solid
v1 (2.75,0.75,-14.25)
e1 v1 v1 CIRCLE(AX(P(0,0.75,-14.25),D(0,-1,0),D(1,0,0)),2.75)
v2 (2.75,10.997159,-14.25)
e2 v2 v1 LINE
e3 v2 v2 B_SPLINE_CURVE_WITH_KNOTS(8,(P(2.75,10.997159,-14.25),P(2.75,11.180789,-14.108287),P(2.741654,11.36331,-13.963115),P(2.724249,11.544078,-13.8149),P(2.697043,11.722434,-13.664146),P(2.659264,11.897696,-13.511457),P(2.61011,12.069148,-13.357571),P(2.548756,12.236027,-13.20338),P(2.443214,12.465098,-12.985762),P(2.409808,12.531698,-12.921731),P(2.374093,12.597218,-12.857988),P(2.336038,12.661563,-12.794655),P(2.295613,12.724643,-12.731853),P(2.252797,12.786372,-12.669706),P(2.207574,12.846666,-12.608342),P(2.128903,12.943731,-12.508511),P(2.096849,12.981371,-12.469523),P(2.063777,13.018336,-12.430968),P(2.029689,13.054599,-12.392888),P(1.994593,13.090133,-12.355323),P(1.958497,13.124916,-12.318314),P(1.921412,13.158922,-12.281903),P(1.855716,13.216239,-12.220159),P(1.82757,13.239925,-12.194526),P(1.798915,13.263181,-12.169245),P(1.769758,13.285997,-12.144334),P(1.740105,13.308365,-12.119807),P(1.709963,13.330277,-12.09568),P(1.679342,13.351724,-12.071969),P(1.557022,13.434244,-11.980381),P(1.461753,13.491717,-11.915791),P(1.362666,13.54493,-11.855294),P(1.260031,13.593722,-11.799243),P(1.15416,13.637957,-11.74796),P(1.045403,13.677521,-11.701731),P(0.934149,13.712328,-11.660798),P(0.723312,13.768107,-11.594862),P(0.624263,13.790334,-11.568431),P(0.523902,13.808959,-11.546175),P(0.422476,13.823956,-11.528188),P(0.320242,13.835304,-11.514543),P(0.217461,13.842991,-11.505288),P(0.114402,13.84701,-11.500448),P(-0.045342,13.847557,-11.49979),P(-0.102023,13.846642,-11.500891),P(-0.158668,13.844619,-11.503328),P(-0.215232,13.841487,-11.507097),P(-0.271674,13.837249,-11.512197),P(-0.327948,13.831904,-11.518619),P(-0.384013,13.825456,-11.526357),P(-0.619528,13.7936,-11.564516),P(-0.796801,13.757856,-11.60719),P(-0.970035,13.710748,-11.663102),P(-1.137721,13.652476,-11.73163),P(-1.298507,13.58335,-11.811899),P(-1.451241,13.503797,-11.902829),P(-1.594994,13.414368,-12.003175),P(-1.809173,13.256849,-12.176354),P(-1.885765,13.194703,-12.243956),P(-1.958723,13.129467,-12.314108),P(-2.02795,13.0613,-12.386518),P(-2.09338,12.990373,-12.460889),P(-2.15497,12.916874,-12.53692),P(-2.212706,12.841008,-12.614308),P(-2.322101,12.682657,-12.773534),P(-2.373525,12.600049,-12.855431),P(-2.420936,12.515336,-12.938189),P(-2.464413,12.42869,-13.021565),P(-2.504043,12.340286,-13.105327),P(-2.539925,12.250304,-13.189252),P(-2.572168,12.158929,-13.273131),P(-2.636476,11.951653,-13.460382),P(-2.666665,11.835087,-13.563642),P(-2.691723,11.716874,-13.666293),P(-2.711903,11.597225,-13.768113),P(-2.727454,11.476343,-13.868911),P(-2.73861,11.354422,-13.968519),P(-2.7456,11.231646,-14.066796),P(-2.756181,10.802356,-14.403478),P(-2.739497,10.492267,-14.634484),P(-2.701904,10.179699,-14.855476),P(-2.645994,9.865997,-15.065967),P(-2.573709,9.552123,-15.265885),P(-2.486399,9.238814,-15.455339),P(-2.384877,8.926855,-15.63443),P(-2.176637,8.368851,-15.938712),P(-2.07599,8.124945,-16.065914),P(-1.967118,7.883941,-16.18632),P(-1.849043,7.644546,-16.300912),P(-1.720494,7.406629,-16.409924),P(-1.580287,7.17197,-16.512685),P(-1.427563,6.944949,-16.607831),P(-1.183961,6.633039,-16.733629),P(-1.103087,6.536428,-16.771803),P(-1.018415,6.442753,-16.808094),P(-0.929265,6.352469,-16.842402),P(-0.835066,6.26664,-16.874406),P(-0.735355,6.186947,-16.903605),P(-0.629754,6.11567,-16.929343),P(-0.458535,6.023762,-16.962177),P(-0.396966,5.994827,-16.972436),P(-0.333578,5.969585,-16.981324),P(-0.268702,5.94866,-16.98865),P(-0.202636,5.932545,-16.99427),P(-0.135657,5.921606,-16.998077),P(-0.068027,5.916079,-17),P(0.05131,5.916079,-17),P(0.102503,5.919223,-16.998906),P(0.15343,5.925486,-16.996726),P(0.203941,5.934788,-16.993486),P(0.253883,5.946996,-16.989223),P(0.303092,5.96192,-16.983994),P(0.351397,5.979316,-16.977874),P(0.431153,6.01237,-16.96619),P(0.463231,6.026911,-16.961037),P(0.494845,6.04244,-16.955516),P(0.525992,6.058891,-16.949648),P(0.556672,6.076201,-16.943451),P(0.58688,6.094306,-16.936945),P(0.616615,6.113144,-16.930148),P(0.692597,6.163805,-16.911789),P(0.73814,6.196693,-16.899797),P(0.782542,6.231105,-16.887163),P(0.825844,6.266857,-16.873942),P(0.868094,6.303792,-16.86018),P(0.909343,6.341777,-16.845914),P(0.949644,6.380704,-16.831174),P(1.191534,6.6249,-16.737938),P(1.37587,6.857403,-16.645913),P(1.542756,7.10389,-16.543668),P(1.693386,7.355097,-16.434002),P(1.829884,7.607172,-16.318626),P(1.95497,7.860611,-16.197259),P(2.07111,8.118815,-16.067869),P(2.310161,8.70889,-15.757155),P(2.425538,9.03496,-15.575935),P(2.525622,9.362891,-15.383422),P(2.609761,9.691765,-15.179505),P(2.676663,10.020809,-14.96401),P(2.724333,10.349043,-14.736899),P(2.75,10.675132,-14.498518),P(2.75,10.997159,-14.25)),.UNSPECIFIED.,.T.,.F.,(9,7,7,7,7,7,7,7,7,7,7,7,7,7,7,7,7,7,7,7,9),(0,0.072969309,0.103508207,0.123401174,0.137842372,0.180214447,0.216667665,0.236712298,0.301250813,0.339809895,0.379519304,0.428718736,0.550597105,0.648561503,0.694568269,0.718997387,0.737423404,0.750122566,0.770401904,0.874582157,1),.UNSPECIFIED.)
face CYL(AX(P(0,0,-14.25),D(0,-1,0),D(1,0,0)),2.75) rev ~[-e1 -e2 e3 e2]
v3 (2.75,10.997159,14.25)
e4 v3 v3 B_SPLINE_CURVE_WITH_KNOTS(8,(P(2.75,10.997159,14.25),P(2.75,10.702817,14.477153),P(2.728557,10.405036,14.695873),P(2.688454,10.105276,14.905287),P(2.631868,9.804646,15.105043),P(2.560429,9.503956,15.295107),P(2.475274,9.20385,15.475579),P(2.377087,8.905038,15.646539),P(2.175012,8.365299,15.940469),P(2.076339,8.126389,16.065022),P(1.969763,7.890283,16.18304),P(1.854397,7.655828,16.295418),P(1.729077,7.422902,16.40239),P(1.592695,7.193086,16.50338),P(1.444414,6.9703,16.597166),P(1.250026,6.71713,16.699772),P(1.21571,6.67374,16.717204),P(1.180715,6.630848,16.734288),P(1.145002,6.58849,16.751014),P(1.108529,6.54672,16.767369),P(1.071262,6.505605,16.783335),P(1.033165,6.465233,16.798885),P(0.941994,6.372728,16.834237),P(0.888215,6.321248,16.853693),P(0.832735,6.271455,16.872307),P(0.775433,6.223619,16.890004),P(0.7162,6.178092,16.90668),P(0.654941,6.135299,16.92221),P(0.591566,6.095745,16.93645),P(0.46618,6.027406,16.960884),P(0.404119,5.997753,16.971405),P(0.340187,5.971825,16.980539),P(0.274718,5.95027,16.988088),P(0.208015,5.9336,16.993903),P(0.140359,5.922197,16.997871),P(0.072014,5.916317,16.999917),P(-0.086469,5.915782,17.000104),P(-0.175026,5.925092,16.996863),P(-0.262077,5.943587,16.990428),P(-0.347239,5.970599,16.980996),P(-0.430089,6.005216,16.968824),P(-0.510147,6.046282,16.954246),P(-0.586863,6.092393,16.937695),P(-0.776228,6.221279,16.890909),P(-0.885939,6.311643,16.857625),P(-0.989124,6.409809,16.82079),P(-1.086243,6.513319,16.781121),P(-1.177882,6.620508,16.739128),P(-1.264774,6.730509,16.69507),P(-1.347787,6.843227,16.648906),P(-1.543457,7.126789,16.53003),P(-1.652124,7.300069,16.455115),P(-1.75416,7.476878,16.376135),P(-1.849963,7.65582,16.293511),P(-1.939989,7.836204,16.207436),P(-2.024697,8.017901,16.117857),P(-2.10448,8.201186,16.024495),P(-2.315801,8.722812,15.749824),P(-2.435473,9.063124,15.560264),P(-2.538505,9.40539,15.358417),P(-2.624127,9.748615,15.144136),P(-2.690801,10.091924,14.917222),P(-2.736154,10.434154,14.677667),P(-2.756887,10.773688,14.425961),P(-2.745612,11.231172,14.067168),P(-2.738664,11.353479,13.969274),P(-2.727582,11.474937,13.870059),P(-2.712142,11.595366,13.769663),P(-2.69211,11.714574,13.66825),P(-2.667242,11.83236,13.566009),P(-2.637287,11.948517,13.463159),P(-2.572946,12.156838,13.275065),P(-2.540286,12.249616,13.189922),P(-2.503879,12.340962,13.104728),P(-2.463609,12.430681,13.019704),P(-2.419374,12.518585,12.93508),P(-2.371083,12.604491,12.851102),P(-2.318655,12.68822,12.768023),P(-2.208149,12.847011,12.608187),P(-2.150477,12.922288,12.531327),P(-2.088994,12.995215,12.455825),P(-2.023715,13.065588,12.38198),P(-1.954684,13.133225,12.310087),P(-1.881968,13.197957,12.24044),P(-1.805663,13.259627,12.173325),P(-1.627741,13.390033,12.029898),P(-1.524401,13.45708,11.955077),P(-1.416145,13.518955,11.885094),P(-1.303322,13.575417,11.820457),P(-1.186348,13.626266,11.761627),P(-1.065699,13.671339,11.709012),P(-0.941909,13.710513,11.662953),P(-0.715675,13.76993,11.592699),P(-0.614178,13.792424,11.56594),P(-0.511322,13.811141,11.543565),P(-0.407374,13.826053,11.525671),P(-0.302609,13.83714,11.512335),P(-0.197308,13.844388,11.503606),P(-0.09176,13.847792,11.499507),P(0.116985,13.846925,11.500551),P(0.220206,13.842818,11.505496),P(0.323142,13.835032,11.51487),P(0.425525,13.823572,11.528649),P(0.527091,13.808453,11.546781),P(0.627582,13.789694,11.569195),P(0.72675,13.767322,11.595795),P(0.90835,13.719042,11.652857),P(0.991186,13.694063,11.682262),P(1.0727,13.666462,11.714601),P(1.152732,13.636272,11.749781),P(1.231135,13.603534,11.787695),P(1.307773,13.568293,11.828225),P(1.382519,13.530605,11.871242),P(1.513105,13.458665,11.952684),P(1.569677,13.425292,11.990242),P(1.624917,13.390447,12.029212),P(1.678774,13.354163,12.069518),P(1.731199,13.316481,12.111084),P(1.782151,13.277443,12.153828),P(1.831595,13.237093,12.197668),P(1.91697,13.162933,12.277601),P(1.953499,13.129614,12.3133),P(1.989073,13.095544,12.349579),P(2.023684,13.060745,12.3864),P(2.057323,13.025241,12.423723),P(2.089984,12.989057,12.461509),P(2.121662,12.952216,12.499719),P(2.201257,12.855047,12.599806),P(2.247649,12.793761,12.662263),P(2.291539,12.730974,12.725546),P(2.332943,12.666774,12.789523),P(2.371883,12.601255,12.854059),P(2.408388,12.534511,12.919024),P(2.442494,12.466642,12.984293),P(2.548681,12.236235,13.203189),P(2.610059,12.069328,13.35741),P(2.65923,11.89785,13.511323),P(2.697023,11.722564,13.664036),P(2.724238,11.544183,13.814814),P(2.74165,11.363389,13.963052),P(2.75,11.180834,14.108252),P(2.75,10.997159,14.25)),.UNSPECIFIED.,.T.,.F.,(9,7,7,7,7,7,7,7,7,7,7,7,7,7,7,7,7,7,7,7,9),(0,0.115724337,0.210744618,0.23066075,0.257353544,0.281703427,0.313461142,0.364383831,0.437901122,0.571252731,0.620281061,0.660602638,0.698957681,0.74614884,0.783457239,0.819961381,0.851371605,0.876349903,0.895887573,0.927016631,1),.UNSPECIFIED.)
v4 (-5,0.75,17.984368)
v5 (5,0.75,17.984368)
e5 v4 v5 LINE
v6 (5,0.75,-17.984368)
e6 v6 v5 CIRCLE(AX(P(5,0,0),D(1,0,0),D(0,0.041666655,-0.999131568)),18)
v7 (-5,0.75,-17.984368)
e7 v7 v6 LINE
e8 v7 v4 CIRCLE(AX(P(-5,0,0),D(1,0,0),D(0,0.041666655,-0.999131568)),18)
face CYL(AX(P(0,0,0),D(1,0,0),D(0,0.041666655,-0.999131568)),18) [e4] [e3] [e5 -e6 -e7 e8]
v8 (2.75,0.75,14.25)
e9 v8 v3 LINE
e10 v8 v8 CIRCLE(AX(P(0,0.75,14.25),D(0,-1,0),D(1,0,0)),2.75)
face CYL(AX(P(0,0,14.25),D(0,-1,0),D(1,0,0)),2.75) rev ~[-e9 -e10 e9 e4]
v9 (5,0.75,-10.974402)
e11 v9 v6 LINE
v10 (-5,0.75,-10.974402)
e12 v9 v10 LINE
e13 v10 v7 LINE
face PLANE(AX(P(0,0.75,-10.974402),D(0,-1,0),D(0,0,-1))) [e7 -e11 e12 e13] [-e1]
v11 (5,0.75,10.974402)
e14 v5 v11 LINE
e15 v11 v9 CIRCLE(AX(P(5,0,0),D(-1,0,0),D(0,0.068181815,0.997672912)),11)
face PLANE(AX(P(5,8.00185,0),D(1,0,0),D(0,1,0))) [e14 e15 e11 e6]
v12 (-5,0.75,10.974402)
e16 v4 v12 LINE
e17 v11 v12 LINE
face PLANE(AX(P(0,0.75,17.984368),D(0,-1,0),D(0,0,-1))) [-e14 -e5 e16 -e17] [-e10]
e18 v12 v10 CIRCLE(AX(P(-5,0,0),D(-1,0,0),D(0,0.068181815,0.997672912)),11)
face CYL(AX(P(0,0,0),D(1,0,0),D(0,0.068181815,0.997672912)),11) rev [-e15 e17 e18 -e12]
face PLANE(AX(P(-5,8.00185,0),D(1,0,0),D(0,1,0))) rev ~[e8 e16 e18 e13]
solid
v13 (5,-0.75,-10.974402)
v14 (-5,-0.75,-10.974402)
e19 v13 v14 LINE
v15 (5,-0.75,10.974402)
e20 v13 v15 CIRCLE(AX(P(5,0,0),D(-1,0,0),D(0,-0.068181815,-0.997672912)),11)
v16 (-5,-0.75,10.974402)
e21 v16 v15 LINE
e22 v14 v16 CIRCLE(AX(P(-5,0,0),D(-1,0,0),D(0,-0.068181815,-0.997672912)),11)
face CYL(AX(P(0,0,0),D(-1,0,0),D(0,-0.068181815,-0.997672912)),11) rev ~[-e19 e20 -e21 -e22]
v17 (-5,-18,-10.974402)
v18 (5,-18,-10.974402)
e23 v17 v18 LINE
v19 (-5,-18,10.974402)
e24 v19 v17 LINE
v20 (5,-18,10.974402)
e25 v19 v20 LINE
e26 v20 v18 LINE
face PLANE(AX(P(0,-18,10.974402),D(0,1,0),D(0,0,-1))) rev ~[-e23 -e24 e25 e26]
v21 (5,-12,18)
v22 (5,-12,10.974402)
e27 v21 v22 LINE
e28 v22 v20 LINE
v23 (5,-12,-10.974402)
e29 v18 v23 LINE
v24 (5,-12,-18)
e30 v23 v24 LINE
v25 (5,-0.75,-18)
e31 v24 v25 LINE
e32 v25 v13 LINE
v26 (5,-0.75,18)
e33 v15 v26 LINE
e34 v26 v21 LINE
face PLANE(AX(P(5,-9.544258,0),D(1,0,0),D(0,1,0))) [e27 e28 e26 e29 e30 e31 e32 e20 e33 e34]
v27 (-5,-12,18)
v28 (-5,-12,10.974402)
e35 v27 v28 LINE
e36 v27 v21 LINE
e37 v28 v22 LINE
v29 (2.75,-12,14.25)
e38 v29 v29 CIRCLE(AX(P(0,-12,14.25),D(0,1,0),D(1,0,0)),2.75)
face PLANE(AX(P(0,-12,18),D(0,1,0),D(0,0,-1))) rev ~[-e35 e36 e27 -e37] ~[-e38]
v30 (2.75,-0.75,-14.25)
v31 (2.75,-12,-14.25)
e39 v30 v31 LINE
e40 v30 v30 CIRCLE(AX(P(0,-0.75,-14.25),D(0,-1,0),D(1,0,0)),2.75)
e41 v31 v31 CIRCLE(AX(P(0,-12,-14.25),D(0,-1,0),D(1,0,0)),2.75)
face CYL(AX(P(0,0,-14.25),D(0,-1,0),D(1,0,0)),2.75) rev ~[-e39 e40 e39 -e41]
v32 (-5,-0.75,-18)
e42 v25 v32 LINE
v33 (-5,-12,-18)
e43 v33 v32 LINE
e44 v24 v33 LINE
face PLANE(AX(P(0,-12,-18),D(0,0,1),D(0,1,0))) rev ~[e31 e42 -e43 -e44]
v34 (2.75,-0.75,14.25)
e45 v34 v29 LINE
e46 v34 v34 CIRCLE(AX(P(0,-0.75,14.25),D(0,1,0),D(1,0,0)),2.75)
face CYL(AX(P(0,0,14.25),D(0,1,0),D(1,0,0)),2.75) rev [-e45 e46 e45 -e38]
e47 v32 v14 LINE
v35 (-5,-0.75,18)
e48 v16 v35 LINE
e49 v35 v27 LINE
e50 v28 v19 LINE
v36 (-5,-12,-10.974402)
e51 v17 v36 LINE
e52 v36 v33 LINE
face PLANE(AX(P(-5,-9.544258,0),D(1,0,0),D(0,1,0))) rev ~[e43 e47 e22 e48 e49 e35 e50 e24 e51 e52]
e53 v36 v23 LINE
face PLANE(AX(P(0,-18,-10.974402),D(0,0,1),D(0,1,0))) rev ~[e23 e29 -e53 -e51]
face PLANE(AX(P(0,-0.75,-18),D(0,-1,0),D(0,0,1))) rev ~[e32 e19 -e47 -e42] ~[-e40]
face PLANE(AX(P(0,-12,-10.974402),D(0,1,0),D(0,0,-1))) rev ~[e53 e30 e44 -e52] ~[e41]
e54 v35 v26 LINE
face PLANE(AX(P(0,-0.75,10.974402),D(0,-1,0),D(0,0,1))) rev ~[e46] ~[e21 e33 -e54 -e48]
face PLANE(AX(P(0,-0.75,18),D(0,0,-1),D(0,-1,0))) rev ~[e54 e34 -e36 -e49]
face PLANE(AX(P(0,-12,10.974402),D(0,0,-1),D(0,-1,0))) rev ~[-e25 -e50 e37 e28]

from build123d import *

# Parameters (mm, degrees)
F1_DEPTH = 5
F2_R     = 2.75
F3_DEPTH = 25


with BuildPart() as f1:
    # F0 (on Right) → F1 (new body, symmetric)
    with BuildSketch(Plane.YZ):
        with BuildLine():
            ThreePointArc((-0.75, -10.974402), (-11, 0), (-0.75, 10.974402))
            Line((-0.75, 10.974402), (-0.75, 18))
            Line((-0.75, 18), (-12, 18))
            Line((-12, 18), (-12, 10.974402))
            Line((-12, 10.974402), (-18, 10.974402))
            Line((-18, 10.974402), (-18, -10.974402))
            Line((-18, -10.974402), (-12, -10.974402))
            Line((-12, -10.974402), (-12, -18))
            Line((-12, -18), (-0.75, -18))
            Line((-0.75, -18), (-0.75, -10.974402))
        make_face()
        with BuildLine():
            Line((0.75, -10.974402), (0.75, -17.984368))
            ThreePointArc((0.75, -17.984368), (18, 0), (0.75, 17.984368))
            Line((0.75, 17.984368), (0.75, 10.974402))
            ThreePointArc((0.75, 10.974402), (11, 0), (0.75, -10.974402))
        make_face()
    extrude(amount=F1_DEPTH, both=True)

    # F2 (on Front) → F3 (cut, symmetric)
    with BuildSketch(Plane.XZ):
        with Locations((0, 14.25)):
            Circle(F2_R)
        with Locations((0, -14.25)):
            Circle(F2_R)
    extrude(amount=F3_DEPTH, both=True, mode=Mode.SUBTRACT)


solid = f1.part
